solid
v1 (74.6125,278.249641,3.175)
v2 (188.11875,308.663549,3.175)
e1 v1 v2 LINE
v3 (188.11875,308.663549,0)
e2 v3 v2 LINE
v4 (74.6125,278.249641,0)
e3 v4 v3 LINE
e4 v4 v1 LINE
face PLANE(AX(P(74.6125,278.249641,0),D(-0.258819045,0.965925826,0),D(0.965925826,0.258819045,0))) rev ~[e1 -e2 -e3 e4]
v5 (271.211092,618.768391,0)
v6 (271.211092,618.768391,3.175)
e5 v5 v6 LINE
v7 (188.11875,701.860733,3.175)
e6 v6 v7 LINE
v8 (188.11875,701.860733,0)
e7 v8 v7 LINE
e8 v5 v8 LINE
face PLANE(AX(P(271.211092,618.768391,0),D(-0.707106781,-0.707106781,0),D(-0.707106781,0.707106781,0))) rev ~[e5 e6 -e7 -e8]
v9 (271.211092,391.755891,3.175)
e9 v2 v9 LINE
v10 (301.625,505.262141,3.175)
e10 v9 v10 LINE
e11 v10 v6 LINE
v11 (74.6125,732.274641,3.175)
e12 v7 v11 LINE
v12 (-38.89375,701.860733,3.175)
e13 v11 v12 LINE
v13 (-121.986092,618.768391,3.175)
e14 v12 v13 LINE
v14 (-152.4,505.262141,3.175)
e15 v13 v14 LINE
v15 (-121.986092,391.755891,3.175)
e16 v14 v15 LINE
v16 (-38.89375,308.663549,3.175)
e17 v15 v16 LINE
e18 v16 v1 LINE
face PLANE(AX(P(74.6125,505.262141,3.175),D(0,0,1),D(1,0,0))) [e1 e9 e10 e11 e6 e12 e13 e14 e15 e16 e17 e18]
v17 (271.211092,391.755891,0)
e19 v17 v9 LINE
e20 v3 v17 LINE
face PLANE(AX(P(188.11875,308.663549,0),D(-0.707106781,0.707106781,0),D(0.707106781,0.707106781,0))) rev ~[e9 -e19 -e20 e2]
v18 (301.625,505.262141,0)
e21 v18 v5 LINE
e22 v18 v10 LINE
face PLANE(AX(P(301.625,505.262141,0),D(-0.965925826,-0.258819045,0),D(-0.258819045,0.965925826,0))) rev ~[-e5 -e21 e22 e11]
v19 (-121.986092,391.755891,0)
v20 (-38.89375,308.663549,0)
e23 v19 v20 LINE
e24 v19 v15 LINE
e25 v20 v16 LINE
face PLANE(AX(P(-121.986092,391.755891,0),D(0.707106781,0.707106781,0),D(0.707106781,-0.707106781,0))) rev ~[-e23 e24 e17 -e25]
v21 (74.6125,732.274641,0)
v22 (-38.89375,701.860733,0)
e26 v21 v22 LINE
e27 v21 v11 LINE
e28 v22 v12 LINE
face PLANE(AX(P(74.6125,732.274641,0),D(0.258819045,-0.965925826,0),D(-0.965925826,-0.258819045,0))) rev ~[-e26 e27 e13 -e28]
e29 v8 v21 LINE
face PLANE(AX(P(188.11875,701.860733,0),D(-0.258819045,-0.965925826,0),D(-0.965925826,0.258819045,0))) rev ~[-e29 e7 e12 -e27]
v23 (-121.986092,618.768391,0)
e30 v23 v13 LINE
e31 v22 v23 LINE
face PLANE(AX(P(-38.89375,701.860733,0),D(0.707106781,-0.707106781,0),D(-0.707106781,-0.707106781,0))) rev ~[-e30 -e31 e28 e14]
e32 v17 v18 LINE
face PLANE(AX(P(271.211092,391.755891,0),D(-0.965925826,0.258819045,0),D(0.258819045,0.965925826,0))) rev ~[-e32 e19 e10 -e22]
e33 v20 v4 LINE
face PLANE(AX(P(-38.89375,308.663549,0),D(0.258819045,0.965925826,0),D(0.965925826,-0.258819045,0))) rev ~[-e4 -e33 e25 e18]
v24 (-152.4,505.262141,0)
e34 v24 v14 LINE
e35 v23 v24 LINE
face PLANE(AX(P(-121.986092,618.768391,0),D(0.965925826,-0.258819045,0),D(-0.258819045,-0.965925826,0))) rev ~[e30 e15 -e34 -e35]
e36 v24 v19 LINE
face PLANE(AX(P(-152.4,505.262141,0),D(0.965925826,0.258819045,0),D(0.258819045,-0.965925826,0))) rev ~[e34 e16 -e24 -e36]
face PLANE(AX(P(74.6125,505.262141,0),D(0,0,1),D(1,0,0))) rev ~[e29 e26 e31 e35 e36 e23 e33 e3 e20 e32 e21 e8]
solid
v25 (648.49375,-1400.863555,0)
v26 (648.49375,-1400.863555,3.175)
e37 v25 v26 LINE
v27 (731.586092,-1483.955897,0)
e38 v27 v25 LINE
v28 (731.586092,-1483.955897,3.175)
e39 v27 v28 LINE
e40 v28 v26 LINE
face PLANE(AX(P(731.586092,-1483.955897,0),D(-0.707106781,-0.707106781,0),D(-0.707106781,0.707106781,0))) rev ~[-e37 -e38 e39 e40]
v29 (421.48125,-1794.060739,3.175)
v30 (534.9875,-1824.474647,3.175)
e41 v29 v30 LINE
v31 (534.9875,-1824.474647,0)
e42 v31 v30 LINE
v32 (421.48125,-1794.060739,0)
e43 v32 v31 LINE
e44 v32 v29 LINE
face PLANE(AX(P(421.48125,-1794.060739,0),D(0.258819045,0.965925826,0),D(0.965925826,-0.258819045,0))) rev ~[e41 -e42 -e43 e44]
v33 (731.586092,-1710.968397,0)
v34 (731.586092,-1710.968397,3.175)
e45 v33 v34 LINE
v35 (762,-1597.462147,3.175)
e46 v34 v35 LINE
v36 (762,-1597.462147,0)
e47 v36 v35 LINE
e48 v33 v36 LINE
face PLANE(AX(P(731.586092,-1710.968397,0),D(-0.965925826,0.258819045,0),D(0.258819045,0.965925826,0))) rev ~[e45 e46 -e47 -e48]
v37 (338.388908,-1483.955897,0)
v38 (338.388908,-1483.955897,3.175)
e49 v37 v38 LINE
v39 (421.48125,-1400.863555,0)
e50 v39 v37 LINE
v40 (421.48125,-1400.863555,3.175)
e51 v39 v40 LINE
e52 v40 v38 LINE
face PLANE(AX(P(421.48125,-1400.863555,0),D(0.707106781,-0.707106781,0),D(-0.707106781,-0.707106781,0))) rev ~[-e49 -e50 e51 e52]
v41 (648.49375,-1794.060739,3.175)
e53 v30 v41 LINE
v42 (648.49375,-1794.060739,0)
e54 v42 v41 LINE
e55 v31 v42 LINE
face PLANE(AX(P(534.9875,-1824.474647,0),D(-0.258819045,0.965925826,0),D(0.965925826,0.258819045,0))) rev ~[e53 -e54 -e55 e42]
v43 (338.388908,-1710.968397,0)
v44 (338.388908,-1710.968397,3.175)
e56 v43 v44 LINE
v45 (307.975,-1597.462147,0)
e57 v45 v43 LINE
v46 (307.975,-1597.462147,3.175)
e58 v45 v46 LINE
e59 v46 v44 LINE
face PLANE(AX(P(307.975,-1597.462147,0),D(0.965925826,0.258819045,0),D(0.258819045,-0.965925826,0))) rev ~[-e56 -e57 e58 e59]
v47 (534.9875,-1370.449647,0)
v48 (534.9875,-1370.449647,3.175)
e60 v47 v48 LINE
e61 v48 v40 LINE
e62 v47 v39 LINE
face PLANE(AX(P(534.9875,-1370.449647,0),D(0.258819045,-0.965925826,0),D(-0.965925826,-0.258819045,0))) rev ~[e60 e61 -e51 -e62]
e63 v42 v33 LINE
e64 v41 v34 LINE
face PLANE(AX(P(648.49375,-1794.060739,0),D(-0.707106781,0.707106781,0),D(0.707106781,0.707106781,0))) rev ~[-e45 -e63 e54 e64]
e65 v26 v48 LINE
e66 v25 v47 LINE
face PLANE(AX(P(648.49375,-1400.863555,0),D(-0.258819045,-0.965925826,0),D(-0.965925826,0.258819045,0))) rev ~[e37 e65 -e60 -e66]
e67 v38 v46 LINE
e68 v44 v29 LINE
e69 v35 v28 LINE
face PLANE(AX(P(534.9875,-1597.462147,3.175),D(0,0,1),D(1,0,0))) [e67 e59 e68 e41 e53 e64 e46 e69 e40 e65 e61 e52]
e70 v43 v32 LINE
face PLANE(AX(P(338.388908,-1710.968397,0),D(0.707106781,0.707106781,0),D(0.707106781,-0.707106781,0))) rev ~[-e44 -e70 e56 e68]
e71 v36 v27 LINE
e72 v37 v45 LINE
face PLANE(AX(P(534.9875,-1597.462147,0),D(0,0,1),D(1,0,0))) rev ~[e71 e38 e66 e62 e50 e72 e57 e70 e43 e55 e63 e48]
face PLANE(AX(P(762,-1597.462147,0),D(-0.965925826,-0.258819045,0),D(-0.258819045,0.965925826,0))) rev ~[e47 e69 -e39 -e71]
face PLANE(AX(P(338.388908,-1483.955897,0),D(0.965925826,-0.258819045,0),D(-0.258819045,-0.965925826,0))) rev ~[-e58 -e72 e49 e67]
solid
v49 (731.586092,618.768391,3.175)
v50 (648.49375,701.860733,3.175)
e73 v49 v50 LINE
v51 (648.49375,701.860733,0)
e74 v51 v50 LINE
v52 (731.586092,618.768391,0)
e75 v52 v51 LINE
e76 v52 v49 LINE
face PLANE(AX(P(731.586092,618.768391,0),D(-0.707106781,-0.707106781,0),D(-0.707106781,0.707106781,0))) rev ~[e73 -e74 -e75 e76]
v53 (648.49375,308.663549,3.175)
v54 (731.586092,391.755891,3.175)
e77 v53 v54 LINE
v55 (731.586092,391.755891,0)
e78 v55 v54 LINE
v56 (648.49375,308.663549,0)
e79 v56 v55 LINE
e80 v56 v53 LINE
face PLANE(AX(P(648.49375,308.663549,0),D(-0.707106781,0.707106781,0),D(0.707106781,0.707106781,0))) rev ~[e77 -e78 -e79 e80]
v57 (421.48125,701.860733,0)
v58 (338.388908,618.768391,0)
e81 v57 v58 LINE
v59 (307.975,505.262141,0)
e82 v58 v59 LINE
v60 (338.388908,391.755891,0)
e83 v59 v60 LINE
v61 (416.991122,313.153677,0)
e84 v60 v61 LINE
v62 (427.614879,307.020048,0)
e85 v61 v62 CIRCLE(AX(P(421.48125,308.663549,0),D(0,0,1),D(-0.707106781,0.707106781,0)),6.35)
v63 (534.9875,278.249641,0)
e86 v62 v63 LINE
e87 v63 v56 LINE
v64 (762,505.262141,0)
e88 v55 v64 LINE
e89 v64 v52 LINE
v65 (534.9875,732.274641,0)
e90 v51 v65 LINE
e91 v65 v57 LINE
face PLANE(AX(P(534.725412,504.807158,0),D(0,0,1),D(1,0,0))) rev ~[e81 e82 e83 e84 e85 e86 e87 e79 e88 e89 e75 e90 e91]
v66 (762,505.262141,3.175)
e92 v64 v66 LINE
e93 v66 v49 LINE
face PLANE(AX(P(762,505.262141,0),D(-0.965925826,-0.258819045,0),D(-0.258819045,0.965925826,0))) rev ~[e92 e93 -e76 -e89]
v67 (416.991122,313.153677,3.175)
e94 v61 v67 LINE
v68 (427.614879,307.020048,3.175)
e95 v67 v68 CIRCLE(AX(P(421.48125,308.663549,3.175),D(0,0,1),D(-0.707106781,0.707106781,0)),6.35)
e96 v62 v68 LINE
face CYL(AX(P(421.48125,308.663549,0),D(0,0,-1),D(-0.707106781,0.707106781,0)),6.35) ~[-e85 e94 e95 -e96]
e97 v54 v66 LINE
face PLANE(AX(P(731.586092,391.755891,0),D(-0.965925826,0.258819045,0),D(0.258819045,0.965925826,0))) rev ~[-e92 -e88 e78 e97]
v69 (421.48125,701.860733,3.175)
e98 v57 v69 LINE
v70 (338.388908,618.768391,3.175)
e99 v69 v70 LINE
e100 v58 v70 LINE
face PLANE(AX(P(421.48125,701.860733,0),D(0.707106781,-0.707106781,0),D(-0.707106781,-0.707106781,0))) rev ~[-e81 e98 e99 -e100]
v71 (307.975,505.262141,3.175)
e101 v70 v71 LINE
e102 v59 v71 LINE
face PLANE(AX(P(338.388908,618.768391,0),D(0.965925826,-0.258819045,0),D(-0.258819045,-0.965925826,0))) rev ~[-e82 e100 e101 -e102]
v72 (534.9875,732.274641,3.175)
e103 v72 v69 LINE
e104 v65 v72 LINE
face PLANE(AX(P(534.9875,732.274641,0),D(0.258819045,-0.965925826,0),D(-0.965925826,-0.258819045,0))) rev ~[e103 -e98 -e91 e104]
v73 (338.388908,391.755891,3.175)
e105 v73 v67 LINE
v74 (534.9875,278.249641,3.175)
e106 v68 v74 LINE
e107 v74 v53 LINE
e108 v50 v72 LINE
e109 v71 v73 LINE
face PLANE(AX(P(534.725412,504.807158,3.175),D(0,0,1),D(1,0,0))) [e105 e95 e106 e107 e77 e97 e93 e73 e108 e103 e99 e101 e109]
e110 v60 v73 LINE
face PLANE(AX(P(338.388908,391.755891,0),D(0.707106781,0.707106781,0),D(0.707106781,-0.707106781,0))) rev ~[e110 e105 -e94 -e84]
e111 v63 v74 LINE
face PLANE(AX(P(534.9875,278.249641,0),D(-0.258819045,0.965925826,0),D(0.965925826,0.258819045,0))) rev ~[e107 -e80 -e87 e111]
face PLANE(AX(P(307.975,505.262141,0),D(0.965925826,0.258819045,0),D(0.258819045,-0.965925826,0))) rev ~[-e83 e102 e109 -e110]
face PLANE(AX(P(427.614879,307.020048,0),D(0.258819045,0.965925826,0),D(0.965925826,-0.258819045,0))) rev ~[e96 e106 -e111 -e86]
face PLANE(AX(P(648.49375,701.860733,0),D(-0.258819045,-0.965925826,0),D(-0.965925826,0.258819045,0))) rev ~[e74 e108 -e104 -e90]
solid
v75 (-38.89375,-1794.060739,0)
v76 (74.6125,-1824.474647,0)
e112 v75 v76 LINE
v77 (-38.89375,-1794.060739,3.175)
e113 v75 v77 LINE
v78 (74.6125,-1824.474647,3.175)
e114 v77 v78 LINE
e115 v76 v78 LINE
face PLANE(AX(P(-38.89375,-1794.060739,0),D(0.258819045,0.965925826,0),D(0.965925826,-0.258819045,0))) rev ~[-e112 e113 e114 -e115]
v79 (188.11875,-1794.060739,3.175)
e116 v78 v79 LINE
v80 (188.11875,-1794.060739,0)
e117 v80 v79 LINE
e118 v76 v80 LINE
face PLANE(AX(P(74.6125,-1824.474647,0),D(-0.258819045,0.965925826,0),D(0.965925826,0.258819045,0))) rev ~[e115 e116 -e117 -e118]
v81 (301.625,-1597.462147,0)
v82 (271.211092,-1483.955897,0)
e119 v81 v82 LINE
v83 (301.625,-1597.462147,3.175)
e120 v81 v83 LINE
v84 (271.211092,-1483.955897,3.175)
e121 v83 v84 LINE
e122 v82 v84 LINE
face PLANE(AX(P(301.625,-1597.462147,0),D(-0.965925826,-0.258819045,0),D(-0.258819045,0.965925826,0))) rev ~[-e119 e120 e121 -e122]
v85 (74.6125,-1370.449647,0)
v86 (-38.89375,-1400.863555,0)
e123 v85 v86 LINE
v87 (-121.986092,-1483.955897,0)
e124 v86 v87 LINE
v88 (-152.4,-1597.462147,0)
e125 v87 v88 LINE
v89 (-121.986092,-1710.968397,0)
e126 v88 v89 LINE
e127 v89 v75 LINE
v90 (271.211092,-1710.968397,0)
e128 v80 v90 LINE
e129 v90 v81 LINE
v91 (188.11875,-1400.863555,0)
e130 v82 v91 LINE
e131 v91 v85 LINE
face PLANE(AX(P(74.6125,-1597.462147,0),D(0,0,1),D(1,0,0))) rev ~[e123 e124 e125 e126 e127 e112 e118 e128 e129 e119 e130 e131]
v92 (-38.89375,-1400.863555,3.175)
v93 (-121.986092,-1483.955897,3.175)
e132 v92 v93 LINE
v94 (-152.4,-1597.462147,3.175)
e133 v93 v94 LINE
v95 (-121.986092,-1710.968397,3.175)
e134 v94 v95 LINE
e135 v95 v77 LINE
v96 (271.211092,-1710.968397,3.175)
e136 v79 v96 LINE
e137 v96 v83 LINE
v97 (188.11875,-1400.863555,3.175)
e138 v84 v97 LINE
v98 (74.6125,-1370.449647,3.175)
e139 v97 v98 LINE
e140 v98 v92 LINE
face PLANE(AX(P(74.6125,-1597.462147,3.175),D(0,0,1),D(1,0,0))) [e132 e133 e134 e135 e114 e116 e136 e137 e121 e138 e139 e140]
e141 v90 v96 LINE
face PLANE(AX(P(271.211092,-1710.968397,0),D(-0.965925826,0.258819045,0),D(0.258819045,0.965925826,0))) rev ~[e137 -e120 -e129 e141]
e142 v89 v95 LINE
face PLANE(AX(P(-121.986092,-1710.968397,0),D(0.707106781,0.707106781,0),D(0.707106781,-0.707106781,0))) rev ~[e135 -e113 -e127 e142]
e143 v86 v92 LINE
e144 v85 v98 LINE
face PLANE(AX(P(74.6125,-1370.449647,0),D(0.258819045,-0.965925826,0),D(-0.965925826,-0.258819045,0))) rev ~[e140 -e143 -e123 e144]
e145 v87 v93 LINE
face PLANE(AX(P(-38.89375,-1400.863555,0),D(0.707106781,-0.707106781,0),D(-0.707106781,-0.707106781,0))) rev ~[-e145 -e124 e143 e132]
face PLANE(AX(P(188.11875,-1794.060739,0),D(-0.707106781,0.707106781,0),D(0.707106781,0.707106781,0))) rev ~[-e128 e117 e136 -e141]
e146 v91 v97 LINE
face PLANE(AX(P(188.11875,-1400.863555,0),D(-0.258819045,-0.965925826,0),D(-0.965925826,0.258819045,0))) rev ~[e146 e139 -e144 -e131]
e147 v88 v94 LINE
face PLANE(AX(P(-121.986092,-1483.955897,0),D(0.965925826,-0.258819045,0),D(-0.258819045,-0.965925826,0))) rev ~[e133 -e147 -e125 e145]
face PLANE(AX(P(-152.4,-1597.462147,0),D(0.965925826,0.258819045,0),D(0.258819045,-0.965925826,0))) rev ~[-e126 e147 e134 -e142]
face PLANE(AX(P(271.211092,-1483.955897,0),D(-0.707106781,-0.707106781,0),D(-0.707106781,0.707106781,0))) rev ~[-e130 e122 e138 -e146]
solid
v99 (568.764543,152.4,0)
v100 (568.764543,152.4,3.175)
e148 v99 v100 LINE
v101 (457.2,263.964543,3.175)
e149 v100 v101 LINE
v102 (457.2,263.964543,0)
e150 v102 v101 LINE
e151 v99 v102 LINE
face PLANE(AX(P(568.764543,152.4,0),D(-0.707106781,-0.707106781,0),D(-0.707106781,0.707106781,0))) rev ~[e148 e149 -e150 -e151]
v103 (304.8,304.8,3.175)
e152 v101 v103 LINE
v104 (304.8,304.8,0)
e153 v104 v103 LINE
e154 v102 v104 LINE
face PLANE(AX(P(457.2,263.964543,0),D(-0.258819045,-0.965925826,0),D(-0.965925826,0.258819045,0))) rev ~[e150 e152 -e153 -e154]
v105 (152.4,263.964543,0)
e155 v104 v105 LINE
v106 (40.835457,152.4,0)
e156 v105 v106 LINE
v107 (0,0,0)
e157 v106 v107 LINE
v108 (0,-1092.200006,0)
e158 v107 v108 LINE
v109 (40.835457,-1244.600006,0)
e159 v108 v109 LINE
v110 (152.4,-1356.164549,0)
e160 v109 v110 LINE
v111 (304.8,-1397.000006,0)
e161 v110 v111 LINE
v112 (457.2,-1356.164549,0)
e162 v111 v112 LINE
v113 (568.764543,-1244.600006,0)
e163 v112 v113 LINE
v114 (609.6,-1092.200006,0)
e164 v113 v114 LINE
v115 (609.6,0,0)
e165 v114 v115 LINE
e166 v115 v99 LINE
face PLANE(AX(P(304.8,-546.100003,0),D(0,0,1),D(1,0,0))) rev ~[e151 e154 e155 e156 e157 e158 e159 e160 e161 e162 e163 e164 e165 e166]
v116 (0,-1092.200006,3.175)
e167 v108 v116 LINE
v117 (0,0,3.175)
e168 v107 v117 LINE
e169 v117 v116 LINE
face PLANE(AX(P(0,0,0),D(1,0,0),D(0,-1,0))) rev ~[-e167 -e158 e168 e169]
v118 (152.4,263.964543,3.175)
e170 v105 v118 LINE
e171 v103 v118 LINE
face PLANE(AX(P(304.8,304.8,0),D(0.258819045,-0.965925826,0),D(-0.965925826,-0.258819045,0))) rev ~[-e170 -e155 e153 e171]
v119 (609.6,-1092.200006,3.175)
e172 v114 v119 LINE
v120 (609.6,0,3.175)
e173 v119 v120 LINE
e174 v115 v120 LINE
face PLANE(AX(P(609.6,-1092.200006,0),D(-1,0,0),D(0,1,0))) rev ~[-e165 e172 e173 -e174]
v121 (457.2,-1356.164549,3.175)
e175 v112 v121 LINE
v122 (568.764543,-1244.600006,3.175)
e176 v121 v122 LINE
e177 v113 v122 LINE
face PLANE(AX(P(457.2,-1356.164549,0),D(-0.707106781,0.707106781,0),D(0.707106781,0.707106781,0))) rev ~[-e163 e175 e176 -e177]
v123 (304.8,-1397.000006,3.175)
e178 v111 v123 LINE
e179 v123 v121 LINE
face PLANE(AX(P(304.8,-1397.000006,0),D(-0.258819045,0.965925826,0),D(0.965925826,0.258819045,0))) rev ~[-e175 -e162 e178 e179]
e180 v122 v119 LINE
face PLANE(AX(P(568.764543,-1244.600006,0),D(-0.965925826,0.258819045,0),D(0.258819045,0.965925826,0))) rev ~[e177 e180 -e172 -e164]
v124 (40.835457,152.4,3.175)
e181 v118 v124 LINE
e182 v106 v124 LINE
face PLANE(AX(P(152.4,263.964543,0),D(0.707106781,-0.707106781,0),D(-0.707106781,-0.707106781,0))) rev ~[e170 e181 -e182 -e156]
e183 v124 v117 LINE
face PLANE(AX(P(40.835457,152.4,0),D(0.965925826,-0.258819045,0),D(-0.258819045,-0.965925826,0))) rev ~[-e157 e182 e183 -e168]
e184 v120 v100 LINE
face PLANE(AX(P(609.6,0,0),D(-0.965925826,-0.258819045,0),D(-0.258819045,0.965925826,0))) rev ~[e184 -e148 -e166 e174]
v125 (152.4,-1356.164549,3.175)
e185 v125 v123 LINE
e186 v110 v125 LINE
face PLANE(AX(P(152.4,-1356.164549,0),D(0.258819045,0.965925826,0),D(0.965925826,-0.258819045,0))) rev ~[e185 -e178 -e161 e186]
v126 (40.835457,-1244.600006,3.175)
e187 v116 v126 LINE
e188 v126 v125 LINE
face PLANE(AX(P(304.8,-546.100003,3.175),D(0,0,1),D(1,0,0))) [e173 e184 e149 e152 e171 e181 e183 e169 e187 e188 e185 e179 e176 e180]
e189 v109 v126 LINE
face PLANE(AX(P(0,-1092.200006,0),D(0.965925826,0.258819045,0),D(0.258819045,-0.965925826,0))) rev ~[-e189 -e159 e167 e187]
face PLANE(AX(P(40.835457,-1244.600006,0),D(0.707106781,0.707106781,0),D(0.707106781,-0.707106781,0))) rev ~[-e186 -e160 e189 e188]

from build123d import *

# Parameters (mm, degrees)
F1_DEPTH = 3.175


with BuildPart() as f1:
    # F0 (on Top) → F1 (new body)
    with BuildSketch(Plane.XY):
        Polygon((609.6, -1092.2000061699), (609.6, 0), (568.7645430735, 152.4), (457.2, 263.9645430735), (304.8, 304.8), (152.4, 263.9645430735), (40.8354569265, 152.4), (0, 0), (0, -1092.2000061699), (40.8354569265, -1244.6000061699), (152.4, -1356.1645492434), (304.8, -1397.0000061699), (457.2, -1356.1645492434), (568.7645430735, -1244.6000061699), align=None)
    extrude(amount=F1_DEPTH)


with BuildPart() as f1b:
    # F0 (on Top) → F1, piece 2 (new body)
    with BuildSketch(Plane.XY):
        Polygon((271.2110919766, 391.7558911712), (301.625, 505.2621411712), (271.2110919766, 618.7683911712), (188.11875, 701.8607331478), (74.6125, 732.2746411712), (-38.89375, 701.8607331478), (-121.9860919766, 618.7683911712), (-152.4, 505.2621411712), (-121.9860919766, 391.7558911712), (-38.89375, 308.6635491946), (74.6125, 278.2496411712), (188.11875, 308.6635491946), align=None)
    extrude(amount=F1_DEPTH)


with BuildPart() as f1c:
    # F0 (on Top) → F1, piece 3 (new body)
    with BuildSketch(Plane.XY):
        with BuildLine():
            Line((731.5860919766, 391.7558911712), (762, 505.2621411712))
            Line((762, 505.2621411712), (731.5860919766, 618.7683911712))
            Line((731.5860919766, 618.7683911712), (648.49375, 701.8607331478))
            Line((648.49375, 701.8607331478), (534.9875, 732.2746411712))
            Line((534.9875, 732.2746411712), (421.48125, 701.8607331478))
            Line((421.48125, 701.8607331478), (338.3889080234, 618.7683911712))
            Line((338.3889080234, 618.7683911712), (307.975, 505.2621411712))
            Line((307.975, 505.2621411712), (338.3889080234, 391.7558911712))
            Line((338.3889080234, 391.7558911712), (416.9911219395, 313.1536772551))
            ThreePointArc((416.9911219395, 313.1536772551), (423.9112897955, 314.530184226), (427.83125, 308.6635491946))
            ThreePointArc((427.83125, 308.6635491946), (427.7769248697, 307.834707874), (427.6148789969, 307.0200482582))
            Line((427.6148789969, 307.0200482582), (534.9875, 278.2496411712))
            Line((534.9875, 278.2496411712), (648.49375, 308.6635491946))
            Line((648.49375, 308.6635491946), (731.5860919766, 391.7558911712))
        make_face()
        with BuildLine():
            ThreePointArc((416.9911219395, 313.1536772551), (418.30625, 303.1642878805), (427.6148789969, 307.0200482582))
            Line((427.6148789969, 307.0200482582), (421.48125, 308.6635491946))
            Line((421.48125, 308.6635491946), (416.9911219395, 313.1536772551))
        make_face()
        with BuildLine():
            Line((421.48125, 308.6635491946), (427.6148789969, 307.0200482582))
            ThreePointArc((427.6148789969, 307.0200482582), (427.7769248697, 307.834707874), (427.83125, 308.6635491946))
            ThreePointArc((427.83125, 308.6635491946), (423.9112897955, 314.530184226), (416.9911219395, 313.1536772551))
            Line((416.9911219395, 313.1536772551), (421.48125, 308.6635491946))
        make_face()
    extrude(amount=F1_DEPTH)


with BuildPart() as f1d:
    # F0 (on Top) → F1, piece 4 (new body)
    with BuildSketch(Plane.XY):
        Polygon((731.5860919766, -1710.9683973411), (762, -1597.4621473411), (731.5860919766, -1483.9558973411), (648.49375, -1400.8635553644), (534.9875, -1370.4496473411), (421.48125, -1400.8635553644), (338.3889080234, -1483.9558973411), (307.975, -1597.4621473411), (338.3889080234, -1710.9683973411), (421.48125, -1794.0607393177), (534.9875, -1824.4746473411), (648.49375, -1794.0607393177), align=None)
    extrude(amount=F1_DEPTH)


with BuildPart() as f1e:
    # F0 (on Top) → F1, piece 5 (new body)
    with BuildSketch(Plane.XY):
        Polygon((271.2110919766, -1710.9683973411), (301.625, -1597.4621473411), (271.2110919766, -1483.9558973411), (188.11875, -1400.8635553644), (74.6125, -1370.4496473411), (-38.89375, -1400.8635553644), (-121.9860919766, -1483.9558973411), (-152.4, -1597.4621473411), (-121.9860919766, -1710.9683973411), (-38.89375, -1794.0607393177), (74.6125, -1824.4746473411), (188.11875, -1794.0607393177), align=None)
    extrude(amount=F1_DEPTH)


solid = Compound([f1.part, f1b.part, f1c.part, f1d.part, f1e.part])
